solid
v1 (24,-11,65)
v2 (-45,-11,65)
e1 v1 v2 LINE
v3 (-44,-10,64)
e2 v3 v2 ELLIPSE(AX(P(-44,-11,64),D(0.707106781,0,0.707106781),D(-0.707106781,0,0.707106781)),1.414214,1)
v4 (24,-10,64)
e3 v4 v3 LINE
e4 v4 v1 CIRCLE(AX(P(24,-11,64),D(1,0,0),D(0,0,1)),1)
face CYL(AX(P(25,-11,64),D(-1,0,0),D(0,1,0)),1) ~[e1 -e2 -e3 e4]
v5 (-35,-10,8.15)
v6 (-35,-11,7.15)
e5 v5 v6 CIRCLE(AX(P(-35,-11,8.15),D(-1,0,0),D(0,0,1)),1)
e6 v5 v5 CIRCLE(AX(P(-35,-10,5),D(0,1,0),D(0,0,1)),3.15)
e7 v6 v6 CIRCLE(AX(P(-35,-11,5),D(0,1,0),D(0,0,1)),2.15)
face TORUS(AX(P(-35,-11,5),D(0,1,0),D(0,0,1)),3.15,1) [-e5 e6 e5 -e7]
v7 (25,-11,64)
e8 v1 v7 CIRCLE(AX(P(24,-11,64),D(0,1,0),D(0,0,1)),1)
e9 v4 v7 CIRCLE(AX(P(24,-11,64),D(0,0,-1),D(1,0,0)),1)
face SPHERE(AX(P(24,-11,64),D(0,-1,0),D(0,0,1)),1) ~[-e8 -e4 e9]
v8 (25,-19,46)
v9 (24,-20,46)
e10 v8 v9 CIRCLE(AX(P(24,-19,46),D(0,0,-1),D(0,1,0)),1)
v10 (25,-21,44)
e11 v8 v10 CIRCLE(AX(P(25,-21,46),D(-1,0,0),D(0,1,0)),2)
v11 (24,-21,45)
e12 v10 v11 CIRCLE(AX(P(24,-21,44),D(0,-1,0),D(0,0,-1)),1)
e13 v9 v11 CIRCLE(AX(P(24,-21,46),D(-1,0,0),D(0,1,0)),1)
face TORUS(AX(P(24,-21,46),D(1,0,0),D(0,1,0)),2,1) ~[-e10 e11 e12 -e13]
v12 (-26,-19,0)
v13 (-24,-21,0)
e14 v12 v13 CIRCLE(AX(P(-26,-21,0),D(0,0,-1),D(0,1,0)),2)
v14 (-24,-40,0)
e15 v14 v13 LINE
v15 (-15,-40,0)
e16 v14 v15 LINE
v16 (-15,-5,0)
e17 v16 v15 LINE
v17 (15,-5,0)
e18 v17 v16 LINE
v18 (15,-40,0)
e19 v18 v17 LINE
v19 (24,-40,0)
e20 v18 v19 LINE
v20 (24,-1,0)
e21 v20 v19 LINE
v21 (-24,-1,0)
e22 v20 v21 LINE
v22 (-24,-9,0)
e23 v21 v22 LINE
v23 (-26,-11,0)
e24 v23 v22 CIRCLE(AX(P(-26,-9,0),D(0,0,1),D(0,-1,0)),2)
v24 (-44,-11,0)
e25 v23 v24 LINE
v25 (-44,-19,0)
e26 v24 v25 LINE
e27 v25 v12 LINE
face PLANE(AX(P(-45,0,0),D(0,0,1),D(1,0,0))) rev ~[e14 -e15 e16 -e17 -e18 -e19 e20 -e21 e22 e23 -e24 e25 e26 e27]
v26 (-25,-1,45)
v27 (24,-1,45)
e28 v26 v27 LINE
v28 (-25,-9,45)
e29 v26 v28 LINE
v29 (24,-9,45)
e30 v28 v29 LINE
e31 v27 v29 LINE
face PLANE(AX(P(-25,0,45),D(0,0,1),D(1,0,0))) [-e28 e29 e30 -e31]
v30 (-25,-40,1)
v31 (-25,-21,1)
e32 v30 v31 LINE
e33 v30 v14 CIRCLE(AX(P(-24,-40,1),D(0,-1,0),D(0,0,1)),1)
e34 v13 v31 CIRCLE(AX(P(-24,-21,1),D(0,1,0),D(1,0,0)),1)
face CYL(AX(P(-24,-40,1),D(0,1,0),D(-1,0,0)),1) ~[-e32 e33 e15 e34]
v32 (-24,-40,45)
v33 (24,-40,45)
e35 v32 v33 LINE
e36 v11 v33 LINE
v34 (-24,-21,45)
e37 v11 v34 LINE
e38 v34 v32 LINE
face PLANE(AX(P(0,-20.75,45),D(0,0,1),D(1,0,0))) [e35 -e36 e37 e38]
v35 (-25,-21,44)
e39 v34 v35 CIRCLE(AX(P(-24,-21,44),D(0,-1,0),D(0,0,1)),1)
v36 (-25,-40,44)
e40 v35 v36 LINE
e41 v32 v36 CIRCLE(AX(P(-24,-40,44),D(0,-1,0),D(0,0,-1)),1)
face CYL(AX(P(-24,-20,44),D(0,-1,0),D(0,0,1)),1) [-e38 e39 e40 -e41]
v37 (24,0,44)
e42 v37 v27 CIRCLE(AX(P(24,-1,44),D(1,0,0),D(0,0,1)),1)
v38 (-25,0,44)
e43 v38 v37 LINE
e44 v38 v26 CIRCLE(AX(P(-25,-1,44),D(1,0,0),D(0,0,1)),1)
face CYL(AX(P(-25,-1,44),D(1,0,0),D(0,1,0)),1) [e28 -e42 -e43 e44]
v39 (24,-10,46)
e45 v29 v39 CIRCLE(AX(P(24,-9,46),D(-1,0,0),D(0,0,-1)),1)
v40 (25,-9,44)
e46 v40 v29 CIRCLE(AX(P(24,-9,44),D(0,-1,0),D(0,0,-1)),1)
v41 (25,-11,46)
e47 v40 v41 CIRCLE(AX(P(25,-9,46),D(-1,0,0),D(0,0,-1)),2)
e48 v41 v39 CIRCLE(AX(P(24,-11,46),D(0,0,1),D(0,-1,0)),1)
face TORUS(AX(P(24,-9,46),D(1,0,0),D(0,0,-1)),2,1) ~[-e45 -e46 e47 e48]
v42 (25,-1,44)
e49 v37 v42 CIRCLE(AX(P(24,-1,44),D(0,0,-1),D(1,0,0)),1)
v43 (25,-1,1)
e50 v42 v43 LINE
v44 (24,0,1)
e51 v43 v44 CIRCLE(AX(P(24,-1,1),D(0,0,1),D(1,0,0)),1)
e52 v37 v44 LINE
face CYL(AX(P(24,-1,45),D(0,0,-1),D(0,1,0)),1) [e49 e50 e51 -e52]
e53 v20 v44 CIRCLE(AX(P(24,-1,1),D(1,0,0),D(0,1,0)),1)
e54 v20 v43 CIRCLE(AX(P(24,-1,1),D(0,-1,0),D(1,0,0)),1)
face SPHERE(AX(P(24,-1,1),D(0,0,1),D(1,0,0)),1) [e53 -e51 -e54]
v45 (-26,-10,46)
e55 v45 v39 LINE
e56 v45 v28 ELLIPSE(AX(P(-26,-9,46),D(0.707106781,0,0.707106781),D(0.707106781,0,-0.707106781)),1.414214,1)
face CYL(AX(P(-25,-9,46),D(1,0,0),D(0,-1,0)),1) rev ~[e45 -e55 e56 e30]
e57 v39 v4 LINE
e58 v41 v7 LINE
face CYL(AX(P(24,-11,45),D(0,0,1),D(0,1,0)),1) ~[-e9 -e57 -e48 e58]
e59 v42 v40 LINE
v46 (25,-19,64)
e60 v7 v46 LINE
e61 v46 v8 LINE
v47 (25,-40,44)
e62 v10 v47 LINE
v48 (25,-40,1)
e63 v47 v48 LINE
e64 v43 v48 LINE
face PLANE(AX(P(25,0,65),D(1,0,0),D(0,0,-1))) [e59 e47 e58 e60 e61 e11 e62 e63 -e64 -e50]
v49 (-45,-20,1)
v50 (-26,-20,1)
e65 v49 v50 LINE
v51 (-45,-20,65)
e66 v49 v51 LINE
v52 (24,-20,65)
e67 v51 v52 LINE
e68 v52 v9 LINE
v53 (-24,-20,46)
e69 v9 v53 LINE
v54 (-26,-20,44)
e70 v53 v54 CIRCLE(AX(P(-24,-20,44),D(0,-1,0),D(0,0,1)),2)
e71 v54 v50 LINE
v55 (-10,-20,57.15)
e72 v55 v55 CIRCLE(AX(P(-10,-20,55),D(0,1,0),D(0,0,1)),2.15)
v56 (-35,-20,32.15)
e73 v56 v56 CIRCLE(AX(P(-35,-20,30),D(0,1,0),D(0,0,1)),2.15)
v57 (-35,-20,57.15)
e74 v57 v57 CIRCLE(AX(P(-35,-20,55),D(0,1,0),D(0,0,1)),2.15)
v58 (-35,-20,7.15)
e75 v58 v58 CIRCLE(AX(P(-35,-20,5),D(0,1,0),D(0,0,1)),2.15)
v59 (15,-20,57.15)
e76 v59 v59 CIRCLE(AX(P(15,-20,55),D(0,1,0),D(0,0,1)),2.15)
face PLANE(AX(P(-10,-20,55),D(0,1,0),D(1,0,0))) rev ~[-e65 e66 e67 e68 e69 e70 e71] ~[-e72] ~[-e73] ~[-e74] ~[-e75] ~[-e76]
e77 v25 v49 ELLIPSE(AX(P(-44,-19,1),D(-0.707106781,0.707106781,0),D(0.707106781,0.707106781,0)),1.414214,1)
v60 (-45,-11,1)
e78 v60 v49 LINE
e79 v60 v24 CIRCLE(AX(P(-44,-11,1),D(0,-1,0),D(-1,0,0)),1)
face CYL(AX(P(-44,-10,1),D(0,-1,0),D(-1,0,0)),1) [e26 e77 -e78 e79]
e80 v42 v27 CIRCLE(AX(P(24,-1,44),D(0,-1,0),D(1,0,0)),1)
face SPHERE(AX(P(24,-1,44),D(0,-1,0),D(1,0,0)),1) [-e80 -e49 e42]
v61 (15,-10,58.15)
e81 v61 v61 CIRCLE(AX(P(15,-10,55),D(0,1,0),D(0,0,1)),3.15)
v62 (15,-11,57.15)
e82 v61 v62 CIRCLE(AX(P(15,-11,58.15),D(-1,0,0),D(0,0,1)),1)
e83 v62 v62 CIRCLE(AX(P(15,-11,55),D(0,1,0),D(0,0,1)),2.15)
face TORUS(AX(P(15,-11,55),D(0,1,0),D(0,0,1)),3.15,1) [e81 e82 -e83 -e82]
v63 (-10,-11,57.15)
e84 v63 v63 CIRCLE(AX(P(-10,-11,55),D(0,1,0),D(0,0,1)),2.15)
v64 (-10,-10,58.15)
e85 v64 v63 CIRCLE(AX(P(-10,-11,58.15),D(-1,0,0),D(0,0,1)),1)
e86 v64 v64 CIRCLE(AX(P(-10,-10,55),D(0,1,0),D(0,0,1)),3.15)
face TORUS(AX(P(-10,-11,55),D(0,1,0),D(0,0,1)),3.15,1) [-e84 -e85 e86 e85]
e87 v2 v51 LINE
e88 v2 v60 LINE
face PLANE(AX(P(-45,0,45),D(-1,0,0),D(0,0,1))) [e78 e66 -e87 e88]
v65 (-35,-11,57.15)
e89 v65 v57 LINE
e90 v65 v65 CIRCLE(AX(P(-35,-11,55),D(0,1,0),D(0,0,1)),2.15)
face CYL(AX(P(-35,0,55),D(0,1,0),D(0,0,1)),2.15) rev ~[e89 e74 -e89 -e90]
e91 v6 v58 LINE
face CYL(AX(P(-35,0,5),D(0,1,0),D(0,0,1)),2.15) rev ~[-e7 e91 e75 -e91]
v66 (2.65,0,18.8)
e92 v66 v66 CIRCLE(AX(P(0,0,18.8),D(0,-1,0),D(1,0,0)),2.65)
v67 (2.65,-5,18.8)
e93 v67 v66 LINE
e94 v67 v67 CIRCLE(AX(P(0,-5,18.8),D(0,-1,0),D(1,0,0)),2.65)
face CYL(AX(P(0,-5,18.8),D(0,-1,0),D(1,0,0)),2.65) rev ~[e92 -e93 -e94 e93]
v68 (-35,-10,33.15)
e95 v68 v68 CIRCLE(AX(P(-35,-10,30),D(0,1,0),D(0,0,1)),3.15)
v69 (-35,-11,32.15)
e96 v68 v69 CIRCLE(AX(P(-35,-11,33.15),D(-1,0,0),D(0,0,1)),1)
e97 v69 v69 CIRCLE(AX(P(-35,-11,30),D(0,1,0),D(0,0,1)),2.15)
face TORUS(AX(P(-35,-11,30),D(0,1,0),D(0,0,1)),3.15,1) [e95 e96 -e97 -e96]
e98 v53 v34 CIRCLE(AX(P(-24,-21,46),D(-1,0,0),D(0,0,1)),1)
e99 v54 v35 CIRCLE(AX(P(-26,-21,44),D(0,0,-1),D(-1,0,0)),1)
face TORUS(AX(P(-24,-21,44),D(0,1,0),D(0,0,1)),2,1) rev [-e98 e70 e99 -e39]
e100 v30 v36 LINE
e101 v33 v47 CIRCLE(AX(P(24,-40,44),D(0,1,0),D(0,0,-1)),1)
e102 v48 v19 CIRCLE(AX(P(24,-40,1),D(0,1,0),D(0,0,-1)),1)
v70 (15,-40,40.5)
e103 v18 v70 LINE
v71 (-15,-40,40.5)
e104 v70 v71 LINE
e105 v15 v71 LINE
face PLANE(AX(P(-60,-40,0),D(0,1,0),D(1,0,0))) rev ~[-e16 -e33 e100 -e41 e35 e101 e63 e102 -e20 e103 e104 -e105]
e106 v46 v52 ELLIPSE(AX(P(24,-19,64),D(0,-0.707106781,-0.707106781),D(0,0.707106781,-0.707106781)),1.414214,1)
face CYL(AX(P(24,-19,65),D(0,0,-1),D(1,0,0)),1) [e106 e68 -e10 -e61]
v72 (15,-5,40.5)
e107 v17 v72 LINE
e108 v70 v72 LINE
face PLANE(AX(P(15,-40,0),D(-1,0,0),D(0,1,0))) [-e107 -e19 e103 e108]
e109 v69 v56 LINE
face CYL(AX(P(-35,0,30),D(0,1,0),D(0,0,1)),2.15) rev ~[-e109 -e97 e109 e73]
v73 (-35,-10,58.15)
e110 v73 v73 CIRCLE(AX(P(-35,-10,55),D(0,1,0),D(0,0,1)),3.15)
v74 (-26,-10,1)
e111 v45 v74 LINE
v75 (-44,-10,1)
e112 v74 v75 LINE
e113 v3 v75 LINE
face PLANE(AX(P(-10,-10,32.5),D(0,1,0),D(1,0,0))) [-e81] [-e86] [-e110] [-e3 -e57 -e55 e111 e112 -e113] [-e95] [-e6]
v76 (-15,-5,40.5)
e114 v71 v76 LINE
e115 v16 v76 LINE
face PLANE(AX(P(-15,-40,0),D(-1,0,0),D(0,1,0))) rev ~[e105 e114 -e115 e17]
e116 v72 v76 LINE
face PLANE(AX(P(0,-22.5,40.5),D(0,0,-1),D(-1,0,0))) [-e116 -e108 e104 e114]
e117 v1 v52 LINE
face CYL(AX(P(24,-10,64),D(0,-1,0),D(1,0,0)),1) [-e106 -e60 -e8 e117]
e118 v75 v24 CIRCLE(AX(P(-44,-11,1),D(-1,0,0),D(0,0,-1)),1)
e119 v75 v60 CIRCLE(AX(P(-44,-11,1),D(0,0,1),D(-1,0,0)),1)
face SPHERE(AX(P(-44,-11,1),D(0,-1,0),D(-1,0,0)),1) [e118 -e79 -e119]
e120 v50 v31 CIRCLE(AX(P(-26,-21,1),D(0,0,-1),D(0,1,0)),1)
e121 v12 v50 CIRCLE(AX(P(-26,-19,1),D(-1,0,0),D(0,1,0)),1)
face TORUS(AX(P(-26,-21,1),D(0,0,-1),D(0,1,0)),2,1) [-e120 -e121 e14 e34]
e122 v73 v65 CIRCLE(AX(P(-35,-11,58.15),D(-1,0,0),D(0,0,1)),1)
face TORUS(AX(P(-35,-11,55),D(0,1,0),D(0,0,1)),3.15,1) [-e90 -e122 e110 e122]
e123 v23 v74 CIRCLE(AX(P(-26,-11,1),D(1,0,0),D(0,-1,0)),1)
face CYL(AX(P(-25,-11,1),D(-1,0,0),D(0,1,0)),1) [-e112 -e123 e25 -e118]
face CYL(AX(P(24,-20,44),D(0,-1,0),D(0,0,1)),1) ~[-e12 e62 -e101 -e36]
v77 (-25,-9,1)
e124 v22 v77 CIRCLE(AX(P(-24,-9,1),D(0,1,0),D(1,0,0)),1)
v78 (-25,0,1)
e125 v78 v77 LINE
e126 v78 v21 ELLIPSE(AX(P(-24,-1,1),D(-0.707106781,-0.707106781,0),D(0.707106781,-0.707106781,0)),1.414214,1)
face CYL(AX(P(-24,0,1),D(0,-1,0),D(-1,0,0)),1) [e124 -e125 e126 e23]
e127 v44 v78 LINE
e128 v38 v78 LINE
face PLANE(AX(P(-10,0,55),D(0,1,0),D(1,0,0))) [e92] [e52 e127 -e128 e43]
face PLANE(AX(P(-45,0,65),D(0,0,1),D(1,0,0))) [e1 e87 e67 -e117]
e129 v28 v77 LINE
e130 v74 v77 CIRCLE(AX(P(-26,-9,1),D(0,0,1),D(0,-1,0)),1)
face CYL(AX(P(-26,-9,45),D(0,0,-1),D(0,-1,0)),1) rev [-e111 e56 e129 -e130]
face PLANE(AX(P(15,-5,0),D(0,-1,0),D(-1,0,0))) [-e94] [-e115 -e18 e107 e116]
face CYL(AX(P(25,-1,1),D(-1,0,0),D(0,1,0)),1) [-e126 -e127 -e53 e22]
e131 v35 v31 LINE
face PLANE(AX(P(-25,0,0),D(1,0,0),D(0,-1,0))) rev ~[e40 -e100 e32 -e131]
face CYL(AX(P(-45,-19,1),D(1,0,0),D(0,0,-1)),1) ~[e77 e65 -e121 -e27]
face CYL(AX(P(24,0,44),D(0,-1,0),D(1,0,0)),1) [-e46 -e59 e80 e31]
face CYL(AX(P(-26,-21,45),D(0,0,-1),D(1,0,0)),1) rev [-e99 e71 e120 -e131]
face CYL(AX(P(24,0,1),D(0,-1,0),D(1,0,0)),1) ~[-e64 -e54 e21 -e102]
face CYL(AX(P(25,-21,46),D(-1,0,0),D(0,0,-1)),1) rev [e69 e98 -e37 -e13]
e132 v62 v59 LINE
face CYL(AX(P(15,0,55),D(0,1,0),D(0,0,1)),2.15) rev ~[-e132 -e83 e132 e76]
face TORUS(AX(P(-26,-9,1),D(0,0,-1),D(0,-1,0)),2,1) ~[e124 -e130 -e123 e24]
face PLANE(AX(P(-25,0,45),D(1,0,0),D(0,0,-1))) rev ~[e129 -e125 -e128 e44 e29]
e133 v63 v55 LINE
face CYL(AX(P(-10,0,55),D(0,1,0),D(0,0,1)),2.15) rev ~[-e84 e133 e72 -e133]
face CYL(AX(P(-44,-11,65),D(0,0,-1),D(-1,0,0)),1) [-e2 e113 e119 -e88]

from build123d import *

# Parameters (mm, degrees)
EXTRUDE_1_DEPTH       = 45
SKETCH_2_W            = 30
SKETCH_2_H            = 35
CUT_EXTRUDE_1_DEPTH   = 40.5
SKETCH_4_R            = 2.65
CUT_EXTRUDE_2_DEPTH   = 40
SKETCH_6_R            = 2.65
CUT_EXTRUDE_4_DEPTH   = 97.566039579
SKETCH_7_W            = 55
SKETCH_7_H            = 3
CUT_EXTRUDE_5_DEPTH   = 97.566039579
SKETCH_8_W            = 55
SKETCH_8_H            = 39
CUT_EXTRUDE_6_DEPTH   = 97.566039579
SKETCH_9_R            = 2.15
SKETCH_9_W            = 20
SKETCH_9_H            = 45
EXTRUDE_2_DEPTH       = 20
SKETCH_10_OUTSIDE_W   = 92.712
SKETCH_10_OUTSIDE_H   = 87.712
SKETCH_10_OUTSIDE_W_2 = 50
SKETCH_10_OUTSIDE_H_2 = 45
CUT_EXTRUDE_7_DEPTH   = 10
FILLET_1_R            = 1


with BuildPart() as part:
    # 草图1 → 凸台-拉伸1 (new body)
    with BuildSketch(Plane.XY):
        Polygon((25, 0), (-25, 0), (-25, -10), (-80, -10), (-80, -20), (-60, -20), (-60, -40), (60, -40), (60, -20), (80, -20), (80, -10), (25, -10), align=None)
    extrude(amount=EXTRUDE_1_DEPTH)

    # 草图2 → 切除-拉伸1 (cut)
    with BuildSketch(Plane(origin=(0, 0, 0), x_dir=(-1, 0, 0), z_dir=(0, 0, -1))):
        with Locations((0, -22.5)):
            Rectangle(SKETCH_2_W, SKETCH_2_H)
    extrude(amount=-CUT_EXTRUDE_1_DEPTH, mode=Mode.SUBTRACT)

    # 草图4 → 切除-拉伸2 (cut)
    with BuildSketch(Plane.XZ.offset(5)):
        with Locations((0, 18.8)):
            Circle(SKETCH_4_R)
    extrude(amount=-CUT_EXTRUDE_2_DEPTH, mode=Mode.SUBTRACT)

    # 草图6 → 切除-拉伸4 (cut, through all)
    with BuildSketch(Plane(origin=(0, -10, 0), x_dir=(1, 0, 0), z_dir=(0, 1, 0))):
        with Locations(Location((70, -10, 0), (0, 0, 180))):
            Circle(SKETCH_6_R)
        with Locations(Location((70, -35, 0), (0, 0, 180))):
            Circle(SKETCH_6_R)
        with Locations(Location((-70, -35, 0), (0, 0, 180))):
            Circle(SKETCH_6_R)
        with Locations(Location((-70, -10, 0), (0, 0, 270))):
            Circle(SKETCH_6_R)
    extrude(amount=-CUT_EXTRUDE_4_DEPTH, mode=Mode.SUBTRACT)

    # 草图7 → 切除-拉伸5 (cut, through all)
    with BuildSketch(Plane(origin=(0, -10, 0), x_dir=(1, 0, 0), z_dir=(0, 1, 0))):
        with Locations((-52.5, -1.5)):
            Rectangle(SKETCH_7_W, SKETCH_7_H)
        with Locations((-52.5, -43.5)):
            Rectangle(SKETCH_7_W, SKETCH_7_H)
        with Locations((52.5, -43.5)):
            Rectangle(SKETCH_7_W, SKETCH_7_H)
        with Locations((52.5, -1.5)):
            Rectangle(SKETCH_7_W, SKETCH_7_H)
    extrude(amount=-CUT_EXTRUDE_5_DEPTH, mode=Mode.SUBTRACT)

    # 草图8 → 切除-拉伸6 (cut, through all)
    with BuildSketch(Plane(origin=(0, -10, 0), x_dir=(1, 0, 0), z_dir=(0, 1, 0))):
        with Locations((-52.5, -22.5)):
            Rectangle(SKETCH_8_W, SKETCH_8_H)
        with Locations((52.5, -22.5)):
            Rectangle(SKETCH_8_W, SKETCH_8_H)
    extrude(amount=-CUT_EXTRUDE_6_DEPTH, mode=Mode.SUBTRACT)

    # 草图9 → 凸台-拉伸2 (add)
    # profile 1 of 2: a face of its own
    with BuildSketch(Plane(origin=(0, 0, 0), x_dir=(1, 0, 0), z_dir=(0, 1, 0))):
        Polygon((-25, -45), (-45, -45), (-45, -65), (25, -65), (25, -45), align=None)
        with Locations(Location((15, -55, 0), (0, 0, 270))):
            Circle(SKETCH_9_R, mode=Mode.SUBTRACT)
        with Locations(Location((-10, -55, 0), (0, 0, 270))):
            Circle(SKETCH_9_R, mode=Mode.SUBTRACT)
        with Locations(Location((-35, -55, 0), (0, 0, 270))):
            Circle(SKETCH_9_R, mode=Mode.SUBTRACT)
    # profile 2 of 2: a face of its own
    with BuildSketch(Plane(origin=(0, 0, 0), x_dir=(1, 0, 0), z_dir=(0, 1, 0))):
        with Locations((-35, -22.5)):
            Rectangle(SKETCH_9_W, SKETCH_9_H)
        with Locations(Location((-35, -5, 0), (0, 0, 270))):
            Circle(SKETCH_9_R, mode=Mode.SUBTRACT)
        with Locations(Location((-35, -30, 0), (0, 0, 270))):
            Circle(SKETCH_9_R, mode=Mode.SUBTRACT)
    extrude(amount=-EXTRUDE_2_DEPTH)

    # 草图10 outside → 切除-拉伸7 (cut)
    with BuildSketch(Plane(origin=(0, 0, 0), x_dir=(1, 0, 0), z_dir=(0, 1, 0))):
        with Locations((-10, -32.5)):
            Rectangle(SKETCH_10_OUTSIDE_W, SKETCH_10_OUTSIDE_H)
        with Locations((0, -22.5)):
            Rectangle(SKETCH_10_OUTSIDE_W_2, SKETCH_10_OUTSIDE_H_2, mode=Mode.SUBTRACT)
    extrude(amount=-CUT_EXTRUDE_7_DEPTH, mode=Mode.SUBTRACT)

    # 圆角1
    fillet_1_edges = [part.edges().sort_by_distance(p)[0] for p in [
        (25, -30, 45),
        (-25, -30, 0),
        (25, -5, 45),
        (-25, -5, 0),
        (25, 0, 22.5),
        (25, -20, 0),
        (-25, -30, 45),
        (-35, -10, 27.85),
        (15, -10, 52.85),
        (-10, -10, 52.85),
        (-35, -10, 52.85),
        (-35, -10, 2.85),
        (0, -20, 45),
        (-25, -20, 22.5),
        (-35, -20, 0),
        (25, -20, 55),
        (25, -15, 65),
        (-45, -15, 0),
        (-10, -10, 65),
        (-45, -10, 32.5),
        (25, -10, 55),
        (-25, -10, 22.5),
        (0, -10, 45),
        (-35, -10, 0),
        (0, 0, 0),
        (0, 0, 45),
    ]]
    fillet(fillet_1_edges, radius=FILLET_1_R)


solid = part.part
